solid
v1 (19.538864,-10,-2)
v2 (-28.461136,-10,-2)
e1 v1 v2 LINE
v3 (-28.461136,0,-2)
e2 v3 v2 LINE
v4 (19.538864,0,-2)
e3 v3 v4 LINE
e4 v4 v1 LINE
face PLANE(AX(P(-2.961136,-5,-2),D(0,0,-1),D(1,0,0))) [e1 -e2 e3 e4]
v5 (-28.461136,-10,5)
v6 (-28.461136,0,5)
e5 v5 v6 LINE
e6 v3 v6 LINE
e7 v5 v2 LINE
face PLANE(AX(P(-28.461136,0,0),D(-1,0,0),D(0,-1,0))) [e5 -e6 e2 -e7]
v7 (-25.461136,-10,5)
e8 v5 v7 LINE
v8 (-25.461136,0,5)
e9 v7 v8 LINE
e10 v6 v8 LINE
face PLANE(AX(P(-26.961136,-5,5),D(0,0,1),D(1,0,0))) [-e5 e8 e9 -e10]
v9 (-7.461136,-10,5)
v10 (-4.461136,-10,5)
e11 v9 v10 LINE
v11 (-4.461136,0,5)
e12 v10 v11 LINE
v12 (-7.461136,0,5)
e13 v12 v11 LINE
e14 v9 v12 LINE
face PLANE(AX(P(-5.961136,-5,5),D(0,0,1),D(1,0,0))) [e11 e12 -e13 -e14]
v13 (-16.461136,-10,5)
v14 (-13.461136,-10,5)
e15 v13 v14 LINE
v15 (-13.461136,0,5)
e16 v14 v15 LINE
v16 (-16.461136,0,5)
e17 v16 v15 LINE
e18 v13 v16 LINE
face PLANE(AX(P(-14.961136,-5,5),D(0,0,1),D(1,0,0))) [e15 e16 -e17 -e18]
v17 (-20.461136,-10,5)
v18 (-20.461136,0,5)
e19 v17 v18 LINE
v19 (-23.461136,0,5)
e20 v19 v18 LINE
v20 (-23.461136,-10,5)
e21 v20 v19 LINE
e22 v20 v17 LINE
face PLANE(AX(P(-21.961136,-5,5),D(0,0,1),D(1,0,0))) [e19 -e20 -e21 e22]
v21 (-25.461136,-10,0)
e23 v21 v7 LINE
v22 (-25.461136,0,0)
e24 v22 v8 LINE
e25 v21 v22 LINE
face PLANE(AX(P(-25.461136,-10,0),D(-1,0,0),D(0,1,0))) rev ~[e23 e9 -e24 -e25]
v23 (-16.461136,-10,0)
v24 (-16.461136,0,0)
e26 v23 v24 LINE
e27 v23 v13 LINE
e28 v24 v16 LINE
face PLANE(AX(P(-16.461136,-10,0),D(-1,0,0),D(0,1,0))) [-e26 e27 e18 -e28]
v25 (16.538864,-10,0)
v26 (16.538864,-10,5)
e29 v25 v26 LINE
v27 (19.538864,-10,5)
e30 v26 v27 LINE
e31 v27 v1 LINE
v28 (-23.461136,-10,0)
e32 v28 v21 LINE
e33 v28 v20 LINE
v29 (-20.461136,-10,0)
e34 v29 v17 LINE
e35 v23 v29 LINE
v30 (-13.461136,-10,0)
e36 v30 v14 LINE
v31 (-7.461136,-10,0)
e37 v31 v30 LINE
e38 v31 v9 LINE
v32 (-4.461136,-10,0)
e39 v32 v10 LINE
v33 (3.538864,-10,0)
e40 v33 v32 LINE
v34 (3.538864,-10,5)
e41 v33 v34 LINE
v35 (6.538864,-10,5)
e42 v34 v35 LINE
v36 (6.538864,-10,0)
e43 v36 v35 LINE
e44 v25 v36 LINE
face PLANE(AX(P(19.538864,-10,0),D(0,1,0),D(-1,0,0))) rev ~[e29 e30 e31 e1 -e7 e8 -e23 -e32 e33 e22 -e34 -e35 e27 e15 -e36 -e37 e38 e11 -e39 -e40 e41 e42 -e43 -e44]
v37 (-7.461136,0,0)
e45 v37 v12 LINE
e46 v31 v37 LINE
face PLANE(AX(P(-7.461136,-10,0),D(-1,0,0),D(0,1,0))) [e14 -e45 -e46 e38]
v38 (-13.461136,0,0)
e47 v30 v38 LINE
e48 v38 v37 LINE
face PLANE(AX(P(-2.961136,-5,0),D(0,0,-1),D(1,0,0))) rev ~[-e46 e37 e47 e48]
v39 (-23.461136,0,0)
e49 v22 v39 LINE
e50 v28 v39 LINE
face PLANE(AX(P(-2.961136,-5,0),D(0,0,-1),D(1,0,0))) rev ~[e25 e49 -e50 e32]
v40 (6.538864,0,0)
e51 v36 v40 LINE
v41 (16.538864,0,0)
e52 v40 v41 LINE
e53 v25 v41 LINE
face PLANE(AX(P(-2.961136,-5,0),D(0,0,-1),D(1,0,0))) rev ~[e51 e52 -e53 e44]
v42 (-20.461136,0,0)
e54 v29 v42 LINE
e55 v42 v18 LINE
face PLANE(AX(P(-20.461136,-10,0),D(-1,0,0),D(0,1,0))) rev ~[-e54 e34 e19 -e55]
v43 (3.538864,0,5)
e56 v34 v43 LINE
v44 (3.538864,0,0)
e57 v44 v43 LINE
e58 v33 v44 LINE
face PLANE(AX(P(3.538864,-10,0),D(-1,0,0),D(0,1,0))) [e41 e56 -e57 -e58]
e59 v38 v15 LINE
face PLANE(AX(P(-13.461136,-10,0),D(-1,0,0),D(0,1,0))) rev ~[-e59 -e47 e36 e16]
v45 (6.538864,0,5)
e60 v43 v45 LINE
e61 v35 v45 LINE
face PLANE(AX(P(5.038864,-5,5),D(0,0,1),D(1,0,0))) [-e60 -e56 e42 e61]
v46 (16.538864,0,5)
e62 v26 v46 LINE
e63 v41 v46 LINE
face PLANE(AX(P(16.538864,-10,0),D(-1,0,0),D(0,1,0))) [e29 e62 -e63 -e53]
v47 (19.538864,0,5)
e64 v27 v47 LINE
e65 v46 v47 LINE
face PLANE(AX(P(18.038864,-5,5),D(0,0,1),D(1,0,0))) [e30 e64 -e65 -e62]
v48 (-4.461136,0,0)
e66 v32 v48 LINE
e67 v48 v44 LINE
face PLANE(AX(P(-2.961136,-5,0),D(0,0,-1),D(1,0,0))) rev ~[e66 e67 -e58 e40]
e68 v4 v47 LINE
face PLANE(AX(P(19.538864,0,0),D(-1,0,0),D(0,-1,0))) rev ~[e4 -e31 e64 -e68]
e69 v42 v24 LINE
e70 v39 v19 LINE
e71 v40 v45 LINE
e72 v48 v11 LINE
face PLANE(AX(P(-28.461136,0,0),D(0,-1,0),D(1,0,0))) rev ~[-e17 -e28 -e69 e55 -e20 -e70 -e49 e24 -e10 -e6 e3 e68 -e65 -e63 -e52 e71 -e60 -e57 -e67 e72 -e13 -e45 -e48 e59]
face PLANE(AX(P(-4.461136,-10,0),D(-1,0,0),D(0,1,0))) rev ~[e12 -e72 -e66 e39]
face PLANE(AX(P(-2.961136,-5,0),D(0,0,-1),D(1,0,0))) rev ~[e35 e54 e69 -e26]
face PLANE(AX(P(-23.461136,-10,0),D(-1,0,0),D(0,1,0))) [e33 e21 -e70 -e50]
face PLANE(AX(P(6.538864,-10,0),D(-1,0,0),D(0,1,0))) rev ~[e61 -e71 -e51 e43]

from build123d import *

# Parameters (mm, degrees)
F0_W     = 3
F0_H     = 10
F1_DEPTH = 5
F2_W     = 45
F2_H     = 10
F2_W_2   = 3
F3_DEPTH = 2


with BuildPart() as f1:
    # F0 (on Top) → F1 (new body)
    with BuildSketch(Plane.XY):
        with Locations((-26.961136, -5)):
            Rectangle(F0_W, F0_H)
        with Locations((-21.961136, -5)):
            Rectangle(F0_W, F0_H)
        with Locations((-14.961136, -5)):
            Rectangle(F0_W, F0_H)
        with Locations((-5.961136, -5)):
            Rectangle(F0_W, F0_H)
        with Locations((5.038864, -5)):
            Rectangle(F0_W, F0_H)
        with Locations((18.038864, -5)):
            Rectangle(F0_W, F0_H)
    extrude(amount=F1_DEPTH)

    # F2 (on face) → F3 (join)
    with BuildSketch(Plane(origin=(0, 0, 0), x_dir=(1, 0, 0), z_dir=(0, 0, -1))):
        with Locations((-2.961136, 5)):
            Rectangle(F2_W, F2_H)
        with Locations((-26.961136, 5)):
            Rectangle(F2_W_2, F2_H)
    extrude(amount=F3_DEPTH)


solid = f1.part
